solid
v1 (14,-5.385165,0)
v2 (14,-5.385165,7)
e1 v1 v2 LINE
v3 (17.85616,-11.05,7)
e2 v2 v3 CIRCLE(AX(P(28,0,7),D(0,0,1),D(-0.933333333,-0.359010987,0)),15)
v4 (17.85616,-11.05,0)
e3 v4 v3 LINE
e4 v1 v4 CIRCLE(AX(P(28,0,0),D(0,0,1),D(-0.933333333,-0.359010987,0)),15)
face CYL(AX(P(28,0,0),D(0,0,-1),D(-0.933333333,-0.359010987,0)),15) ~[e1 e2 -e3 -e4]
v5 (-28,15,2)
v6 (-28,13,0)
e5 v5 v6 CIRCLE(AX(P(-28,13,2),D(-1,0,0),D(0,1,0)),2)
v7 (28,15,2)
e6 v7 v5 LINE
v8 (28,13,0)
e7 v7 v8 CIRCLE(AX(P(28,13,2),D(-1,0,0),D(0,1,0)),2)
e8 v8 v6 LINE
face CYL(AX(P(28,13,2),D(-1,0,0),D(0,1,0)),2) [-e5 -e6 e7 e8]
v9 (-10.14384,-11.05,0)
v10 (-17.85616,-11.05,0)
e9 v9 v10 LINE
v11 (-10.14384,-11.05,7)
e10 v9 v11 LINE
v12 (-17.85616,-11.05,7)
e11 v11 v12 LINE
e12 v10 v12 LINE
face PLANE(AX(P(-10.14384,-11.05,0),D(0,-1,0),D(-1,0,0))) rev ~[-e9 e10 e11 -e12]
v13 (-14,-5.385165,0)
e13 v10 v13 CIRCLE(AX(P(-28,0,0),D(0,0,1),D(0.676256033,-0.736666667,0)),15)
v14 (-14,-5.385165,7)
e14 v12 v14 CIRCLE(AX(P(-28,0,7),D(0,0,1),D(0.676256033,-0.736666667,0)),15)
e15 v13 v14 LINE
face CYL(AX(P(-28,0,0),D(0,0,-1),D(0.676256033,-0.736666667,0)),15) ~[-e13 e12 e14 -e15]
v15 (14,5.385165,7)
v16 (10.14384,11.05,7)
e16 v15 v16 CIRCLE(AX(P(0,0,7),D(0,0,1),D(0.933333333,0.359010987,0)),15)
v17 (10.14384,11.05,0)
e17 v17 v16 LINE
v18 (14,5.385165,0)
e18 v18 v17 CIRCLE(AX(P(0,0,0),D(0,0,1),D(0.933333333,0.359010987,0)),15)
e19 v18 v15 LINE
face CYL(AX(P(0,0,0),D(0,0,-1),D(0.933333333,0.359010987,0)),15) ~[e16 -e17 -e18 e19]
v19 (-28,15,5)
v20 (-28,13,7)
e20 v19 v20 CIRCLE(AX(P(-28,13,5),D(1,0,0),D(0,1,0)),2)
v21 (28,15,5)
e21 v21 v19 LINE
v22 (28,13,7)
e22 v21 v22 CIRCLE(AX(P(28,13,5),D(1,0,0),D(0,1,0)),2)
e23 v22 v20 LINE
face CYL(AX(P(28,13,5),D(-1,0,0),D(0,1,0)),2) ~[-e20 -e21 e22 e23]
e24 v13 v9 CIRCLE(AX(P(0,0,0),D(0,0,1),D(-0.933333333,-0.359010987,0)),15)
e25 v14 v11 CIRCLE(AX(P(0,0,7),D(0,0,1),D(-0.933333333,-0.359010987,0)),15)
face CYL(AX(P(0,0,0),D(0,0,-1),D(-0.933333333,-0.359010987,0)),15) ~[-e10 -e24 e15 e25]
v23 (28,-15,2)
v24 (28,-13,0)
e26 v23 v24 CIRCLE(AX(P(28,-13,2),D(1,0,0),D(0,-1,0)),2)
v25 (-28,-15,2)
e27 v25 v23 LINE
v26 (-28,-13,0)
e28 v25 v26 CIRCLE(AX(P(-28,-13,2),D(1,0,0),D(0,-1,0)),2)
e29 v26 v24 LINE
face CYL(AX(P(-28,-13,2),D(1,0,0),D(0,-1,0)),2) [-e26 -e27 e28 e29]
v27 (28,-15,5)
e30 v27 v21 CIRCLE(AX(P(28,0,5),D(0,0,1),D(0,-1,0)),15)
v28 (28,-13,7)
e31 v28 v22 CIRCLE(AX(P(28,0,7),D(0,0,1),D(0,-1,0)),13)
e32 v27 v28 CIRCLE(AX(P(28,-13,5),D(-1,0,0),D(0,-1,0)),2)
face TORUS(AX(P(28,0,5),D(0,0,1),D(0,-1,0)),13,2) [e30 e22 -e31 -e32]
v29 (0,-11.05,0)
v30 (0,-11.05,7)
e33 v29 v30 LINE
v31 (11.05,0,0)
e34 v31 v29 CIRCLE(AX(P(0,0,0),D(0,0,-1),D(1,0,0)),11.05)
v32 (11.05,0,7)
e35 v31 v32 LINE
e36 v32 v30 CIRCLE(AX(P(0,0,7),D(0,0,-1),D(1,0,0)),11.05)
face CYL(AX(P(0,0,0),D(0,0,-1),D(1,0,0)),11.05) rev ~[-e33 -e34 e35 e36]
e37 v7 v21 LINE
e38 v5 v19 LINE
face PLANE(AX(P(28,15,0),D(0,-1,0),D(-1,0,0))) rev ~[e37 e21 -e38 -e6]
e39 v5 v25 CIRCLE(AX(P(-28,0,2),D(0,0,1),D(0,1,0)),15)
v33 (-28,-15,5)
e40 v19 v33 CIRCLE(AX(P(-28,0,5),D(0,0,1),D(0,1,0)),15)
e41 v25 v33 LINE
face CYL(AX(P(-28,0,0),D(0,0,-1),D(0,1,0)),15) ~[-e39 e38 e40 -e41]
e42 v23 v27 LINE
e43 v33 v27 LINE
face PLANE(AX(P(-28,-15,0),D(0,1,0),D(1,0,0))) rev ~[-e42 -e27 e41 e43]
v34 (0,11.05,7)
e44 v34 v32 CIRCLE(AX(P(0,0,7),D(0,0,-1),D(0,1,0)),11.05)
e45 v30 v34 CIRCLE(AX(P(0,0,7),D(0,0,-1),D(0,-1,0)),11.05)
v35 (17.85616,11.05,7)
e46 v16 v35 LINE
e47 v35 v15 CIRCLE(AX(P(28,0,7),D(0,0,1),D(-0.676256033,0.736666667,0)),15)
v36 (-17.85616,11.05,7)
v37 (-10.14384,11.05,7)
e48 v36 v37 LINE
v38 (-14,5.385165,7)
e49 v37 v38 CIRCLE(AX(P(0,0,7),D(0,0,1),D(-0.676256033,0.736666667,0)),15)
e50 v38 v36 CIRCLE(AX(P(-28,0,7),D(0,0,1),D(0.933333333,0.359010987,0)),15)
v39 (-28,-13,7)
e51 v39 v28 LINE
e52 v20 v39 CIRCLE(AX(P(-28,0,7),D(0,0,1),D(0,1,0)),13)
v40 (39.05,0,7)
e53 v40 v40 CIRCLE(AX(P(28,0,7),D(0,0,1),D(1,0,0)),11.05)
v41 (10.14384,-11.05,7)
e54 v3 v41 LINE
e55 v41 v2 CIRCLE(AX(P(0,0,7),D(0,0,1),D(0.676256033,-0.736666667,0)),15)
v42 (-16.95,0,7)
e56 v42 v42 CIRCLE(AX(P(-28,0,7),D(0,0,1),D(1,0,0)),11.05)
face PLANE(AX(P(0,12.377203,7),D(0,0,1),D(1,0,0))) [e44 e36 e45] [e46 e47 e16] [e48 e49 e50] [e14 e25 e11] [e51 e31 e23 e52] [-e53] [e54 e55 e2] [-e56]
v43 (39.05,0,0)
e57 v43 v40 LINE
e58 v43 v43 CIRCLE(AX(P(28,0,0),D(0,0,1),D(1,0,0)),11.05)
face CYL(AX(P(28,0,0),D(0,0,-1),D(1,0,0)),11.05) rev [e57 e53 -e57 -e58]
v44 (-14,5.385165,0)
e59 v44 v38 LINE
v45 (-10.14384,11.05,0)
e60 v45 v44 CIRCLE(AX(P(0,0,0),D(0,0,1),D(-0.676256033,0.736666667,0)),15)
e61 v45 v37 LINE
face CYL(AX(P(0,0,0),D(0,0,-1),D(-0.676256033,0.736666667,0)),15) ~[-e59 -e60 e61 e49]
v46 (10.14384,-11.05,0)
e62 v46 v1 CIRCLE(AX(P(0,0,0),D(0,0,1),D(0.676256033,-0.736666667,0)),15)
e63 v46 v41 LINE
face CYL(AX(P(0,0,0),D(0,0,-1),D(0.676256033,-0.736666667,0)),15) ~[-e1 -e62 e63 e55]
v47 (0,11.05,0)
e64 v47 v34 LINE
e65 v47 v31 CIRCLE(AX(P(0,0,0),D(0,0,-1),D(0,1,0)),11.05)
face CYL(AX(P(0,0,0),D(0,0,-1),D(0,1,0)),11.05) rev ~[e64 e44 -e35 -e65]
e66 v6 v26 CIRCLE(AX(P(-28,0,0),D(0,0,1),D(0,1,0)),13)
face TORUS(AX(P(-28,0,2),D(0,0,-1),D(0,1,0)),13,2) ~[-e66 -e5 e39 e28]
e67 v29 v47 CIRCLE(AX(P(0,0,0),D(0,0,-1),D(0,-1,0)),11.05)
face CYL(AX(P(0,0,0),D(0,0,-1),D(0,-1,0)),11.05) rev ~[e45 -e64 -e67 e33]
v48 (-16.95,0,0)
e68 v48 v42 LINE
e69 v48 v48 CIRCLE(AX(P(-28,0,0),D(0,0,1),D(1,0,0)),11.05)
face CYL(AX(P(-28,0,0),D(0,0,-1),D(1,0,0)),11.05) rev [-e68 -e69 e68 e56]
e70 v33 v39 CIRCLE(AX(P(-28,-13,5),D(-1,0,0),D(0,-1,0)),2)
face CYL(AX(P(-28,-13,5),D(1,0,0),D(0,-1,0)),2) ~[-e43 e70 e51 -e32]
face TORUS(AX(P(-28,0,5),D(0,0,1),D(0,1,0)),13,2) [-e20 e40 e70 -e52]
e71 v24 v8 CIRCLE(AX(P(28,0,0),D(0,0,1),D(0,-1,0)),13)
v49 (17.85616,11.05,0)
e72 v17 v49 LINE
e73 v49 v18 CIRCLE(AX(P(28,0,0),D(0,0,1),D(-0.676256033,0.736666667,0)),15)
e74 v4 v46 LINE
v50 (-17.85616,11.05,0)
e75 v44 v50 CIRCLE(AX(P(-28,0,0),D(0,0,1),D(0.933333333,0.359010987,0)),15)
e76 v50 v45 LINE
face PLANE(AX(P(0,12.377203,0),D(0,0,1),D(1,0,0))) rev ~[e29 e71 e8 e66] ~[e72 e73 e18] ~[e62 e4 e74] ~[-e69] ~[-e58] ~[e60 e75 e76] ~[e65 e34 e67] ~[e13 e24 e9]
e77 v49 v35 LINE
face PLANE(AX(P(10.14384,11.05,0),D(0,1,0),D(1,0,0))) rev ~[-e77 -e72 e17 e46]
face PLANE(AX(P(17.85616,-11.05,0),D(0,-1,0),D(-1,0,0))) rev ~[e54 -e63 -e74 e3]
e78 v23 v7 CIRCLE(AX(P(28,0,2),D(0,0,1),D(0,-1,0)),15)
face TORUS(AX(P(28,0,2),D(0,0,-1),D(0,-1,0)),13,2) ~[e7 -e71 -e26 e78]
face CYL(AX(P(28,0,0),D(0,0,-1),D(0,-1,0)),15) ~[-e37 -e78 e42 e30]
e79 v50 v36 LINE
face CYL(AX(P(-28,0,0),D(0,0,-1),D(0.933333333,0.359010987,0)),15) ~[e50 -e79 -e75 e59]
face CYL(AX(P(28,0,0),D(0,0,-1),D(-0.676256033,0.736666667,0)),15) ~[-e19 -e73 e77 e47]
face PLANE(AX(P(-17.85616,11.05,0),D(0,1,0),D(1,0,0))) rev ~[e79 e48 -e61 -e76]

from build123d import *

# Parameters (mm, degrees)
F0_R     = 11.05
F1_DEPTH = 7
F2_R     = 2


with BuildPart() as f1:
    # F0 (on Top) → F1 (new body)
    with BuildSketch(Plane.XY):
        with BuildLine():
            Line((-10.1438404956, 11.05), (0, 11.05))
            Line((0, 11.05), (10.1438404956, 11.05))
            ThreePointArc((10.1438404956, 11.05), (5.4428852643, 13.9776607485), (0, 15))
            ThreePointArc((0, 15), (-5.4428852643, 13.9776607485), (-10.1438404956, 11.05))
        make_face()
        with BuildLine():
            Line((10.1438404956, -11.05), (0, -11.05))
            Line((0, -11.05), (-10.1438404956, -11.05))
            ThreePointArc((-10.1438404956, -11.05), (-5.442885249, -13.9776607544), (3.27e-08, -15))
            ThreePointArc((3.27e-08, -15), (5.4428852795, -13.9776607426), (10.1438404956, -11.05))
        make_face()
        with BuildLine():
            Line((-17.8561595044, 11.05), (-10.1438404956, 11.05))
            ThreePointArc((-10.1438404956, 11.05), (-5.4428852643, 13.9776607485), (0, 15))
            Line((0, 15), (-28, 15))
            ThreePointArc((-28, 15), (-22.5571147357, 13.9776607485), (-17.8561595044, 11.05))
        make_face()
        with BuildLine():
            ThreePointArc((0, 15), (5.4428852643, 13.9776607485), (10.1438404956, 11.05))
            Line((10.1438404956, 11.05), (17.8561595044, 11.05))
            ThreePointArc((17.8561595044, 11.05), (22.5571147357, 13.9776607485), (28, 15))
            Line((28, 15), (0, 15))
        make_face()
        with BuildLine():
            ThreePointArc((3.27e-08, -15), (-5.442885249, -13.9776607544), (-10.1438404956, -11.05))
            Line((-10.1438404956, -11.05), (-17.8561595044, -11.05))
            ThreePointArc((-17.8561595044, -11.05), (-22.5571147357, -13.9776607485), (-28, -15))
            Line((-28, -15), (3.27e-08, -15))
        make_face()
        with BuildLine():
            Line((17.8561595044, -11.05), (10.1438404956, -11.05))
            ThreePointArc((10.1438404956, -11.05), (5.4428852795, -13.9776607426), (3.27e-08, -15))
            Line((3.27e-08, -15), (28, -15))
            ThreePointArc((28, -15), (22.5571147357, -13.9776607485), (17.8561595044, -11.05))
        make_face()
        with BuildLine():
            ThreePointArc((-14, -5.3851648071), (-15, 0), (-14, 5.3851648071))
            ThreePointArc((-14, 5.3851648071), (-15.6002480706, 8.4407435745), (-17.8561595044, 11.05))
            ThreePointArc((-17.8561595044, 11.05), (-22.5571147357, 13.9776607485), (-28, 15))
            ThreePointArc((-28, 15), (-43, 0), (-28, -15))
            ThreePointArc((-28, -15), (-22.5571147357, -13.9776607485), (-17.8561595044, -11.05))
            ThreePointArc((-17.8561595044, -11.05), (-15.6002480706, -8.4407435745), (-14, -5.3851648071))
        make_face()
        with Locations((-28, 0)):
            Circle(F0_R, mode=Mode.SUBTRACT)
        with BuildLine():
            ThreePointArc((17.8561595044, 11.05), (15.6002480706, 8.4407435745), (14, 5.3851648071))
            ThreePointArc((14, 5.3851648071), (14.7478812038, 2.7386127875), (15, 0))
            ThreePointArc((15, 0), (14.7478812038, -2.7386127875), (14, -5.3851648071))
            ThreePointArc((14, -5.3851648071), (15.6002480706, -8.4407435745), (17.8561595044, -11.05))
            ThreePointArc((17.8561595044, -11.05), (22.5571147357, -13.9776607485), (28, -15))
            ThreePointArc((28, -15), (38.6066017178, -10.6066017178), (43, 0))
            ThreePointArc((43, 0), (38.6066017178, 10.6066017178), (28, 15))
            ThreePointArc((28, 15), (22.5571147357, 13.9776607485), (17.8561595044, 11.05))
        make_face()
        with Locations((28, 0)):
            Circle(F0_R, mode=Mode.SUBTRACT)
        with BuildLine():
            ThreePointArc((-13, 0), (-13.2521187962, 2.7386127875), (-14, 5.3851648071))
            ThreePointArc((-14, 5.3851648071), (-15, 0), (-14, -5.3851648071))
            ThreePointArc((-14, -5.3851648071), (-13.2521187962, -2.7386127875), (-13, 0))
        make_face()
        with BuildLine():
            ThreePointArc((0, -11.05), (-11.05, 0), (0, 11.05))
            Line((0, 11.05), (-10.1438404956, 11.05))
            ThreePointArc((-10.1438404956, 11.05), (-12.3997519294, 8.4407435745), (-14, 5.3851648071))
            ThreePointArc((-14, 5.3851648071), (-13.2521187962, 2.7386127875), (-13, 0))
            ThreePointArc((-13, 0), (-13.2521187962, -2.7386127875), (-14, -5.3851648071))
            ThreePointArc((-14, -5.3851648071), (-12.3997519294, -8.4407435745), (-10.1438404956, -11.05))
            Line((-10.1438404956, -11.05), (0, -11.05))
        make_face()
        with BuildLine():
            ThreePointArc((0, 11.05), (7.8135299321, 7.8135299321), (11.05, 0))
            ThreePointArc((11.05, 0), (7.8135299321, -7.8135299321), (0, -11.05))
            Line((0, -11.05), (10.1438404956, -11.05))
            ThreePointArc((10.1438404956, -11.05), (12.3997519294, -8.4407435745), (14, -5.3851648071))
            ThreePointArc((14, -5.3851648071), (13, 0), (14, 5.3851648071))
            ThreePointArc((14, 5.3851648071), (12.3997519294, 8.4407435745), (10.1438404956, 11.05))
            Line((10.1438404956, 11.05), (0, 11.05))
        make_face()
        with BuildLine():
            ThreePointArc((15, 0), (14.7478812038, 2.7386127875), (14, 5.3851648071))
            ThreePointArc((14, 5.3851648071), (13, 0), (14, -5.3851648071))
            ThreePointArc((14, -5.3851648071), (14.7478812038, -2.7386127875), (15, 0))
        make_face()
    extrude(amount=F1_DEPTH)

    # F2
    f2_edges = [f1.edges().sort_by_distance(p)[0] for p in [
        (0, 15, 7),
        (0, -15, 0),
    ]]
    fillet(f2_edges, radius=F2_R)


solid = f1.part
